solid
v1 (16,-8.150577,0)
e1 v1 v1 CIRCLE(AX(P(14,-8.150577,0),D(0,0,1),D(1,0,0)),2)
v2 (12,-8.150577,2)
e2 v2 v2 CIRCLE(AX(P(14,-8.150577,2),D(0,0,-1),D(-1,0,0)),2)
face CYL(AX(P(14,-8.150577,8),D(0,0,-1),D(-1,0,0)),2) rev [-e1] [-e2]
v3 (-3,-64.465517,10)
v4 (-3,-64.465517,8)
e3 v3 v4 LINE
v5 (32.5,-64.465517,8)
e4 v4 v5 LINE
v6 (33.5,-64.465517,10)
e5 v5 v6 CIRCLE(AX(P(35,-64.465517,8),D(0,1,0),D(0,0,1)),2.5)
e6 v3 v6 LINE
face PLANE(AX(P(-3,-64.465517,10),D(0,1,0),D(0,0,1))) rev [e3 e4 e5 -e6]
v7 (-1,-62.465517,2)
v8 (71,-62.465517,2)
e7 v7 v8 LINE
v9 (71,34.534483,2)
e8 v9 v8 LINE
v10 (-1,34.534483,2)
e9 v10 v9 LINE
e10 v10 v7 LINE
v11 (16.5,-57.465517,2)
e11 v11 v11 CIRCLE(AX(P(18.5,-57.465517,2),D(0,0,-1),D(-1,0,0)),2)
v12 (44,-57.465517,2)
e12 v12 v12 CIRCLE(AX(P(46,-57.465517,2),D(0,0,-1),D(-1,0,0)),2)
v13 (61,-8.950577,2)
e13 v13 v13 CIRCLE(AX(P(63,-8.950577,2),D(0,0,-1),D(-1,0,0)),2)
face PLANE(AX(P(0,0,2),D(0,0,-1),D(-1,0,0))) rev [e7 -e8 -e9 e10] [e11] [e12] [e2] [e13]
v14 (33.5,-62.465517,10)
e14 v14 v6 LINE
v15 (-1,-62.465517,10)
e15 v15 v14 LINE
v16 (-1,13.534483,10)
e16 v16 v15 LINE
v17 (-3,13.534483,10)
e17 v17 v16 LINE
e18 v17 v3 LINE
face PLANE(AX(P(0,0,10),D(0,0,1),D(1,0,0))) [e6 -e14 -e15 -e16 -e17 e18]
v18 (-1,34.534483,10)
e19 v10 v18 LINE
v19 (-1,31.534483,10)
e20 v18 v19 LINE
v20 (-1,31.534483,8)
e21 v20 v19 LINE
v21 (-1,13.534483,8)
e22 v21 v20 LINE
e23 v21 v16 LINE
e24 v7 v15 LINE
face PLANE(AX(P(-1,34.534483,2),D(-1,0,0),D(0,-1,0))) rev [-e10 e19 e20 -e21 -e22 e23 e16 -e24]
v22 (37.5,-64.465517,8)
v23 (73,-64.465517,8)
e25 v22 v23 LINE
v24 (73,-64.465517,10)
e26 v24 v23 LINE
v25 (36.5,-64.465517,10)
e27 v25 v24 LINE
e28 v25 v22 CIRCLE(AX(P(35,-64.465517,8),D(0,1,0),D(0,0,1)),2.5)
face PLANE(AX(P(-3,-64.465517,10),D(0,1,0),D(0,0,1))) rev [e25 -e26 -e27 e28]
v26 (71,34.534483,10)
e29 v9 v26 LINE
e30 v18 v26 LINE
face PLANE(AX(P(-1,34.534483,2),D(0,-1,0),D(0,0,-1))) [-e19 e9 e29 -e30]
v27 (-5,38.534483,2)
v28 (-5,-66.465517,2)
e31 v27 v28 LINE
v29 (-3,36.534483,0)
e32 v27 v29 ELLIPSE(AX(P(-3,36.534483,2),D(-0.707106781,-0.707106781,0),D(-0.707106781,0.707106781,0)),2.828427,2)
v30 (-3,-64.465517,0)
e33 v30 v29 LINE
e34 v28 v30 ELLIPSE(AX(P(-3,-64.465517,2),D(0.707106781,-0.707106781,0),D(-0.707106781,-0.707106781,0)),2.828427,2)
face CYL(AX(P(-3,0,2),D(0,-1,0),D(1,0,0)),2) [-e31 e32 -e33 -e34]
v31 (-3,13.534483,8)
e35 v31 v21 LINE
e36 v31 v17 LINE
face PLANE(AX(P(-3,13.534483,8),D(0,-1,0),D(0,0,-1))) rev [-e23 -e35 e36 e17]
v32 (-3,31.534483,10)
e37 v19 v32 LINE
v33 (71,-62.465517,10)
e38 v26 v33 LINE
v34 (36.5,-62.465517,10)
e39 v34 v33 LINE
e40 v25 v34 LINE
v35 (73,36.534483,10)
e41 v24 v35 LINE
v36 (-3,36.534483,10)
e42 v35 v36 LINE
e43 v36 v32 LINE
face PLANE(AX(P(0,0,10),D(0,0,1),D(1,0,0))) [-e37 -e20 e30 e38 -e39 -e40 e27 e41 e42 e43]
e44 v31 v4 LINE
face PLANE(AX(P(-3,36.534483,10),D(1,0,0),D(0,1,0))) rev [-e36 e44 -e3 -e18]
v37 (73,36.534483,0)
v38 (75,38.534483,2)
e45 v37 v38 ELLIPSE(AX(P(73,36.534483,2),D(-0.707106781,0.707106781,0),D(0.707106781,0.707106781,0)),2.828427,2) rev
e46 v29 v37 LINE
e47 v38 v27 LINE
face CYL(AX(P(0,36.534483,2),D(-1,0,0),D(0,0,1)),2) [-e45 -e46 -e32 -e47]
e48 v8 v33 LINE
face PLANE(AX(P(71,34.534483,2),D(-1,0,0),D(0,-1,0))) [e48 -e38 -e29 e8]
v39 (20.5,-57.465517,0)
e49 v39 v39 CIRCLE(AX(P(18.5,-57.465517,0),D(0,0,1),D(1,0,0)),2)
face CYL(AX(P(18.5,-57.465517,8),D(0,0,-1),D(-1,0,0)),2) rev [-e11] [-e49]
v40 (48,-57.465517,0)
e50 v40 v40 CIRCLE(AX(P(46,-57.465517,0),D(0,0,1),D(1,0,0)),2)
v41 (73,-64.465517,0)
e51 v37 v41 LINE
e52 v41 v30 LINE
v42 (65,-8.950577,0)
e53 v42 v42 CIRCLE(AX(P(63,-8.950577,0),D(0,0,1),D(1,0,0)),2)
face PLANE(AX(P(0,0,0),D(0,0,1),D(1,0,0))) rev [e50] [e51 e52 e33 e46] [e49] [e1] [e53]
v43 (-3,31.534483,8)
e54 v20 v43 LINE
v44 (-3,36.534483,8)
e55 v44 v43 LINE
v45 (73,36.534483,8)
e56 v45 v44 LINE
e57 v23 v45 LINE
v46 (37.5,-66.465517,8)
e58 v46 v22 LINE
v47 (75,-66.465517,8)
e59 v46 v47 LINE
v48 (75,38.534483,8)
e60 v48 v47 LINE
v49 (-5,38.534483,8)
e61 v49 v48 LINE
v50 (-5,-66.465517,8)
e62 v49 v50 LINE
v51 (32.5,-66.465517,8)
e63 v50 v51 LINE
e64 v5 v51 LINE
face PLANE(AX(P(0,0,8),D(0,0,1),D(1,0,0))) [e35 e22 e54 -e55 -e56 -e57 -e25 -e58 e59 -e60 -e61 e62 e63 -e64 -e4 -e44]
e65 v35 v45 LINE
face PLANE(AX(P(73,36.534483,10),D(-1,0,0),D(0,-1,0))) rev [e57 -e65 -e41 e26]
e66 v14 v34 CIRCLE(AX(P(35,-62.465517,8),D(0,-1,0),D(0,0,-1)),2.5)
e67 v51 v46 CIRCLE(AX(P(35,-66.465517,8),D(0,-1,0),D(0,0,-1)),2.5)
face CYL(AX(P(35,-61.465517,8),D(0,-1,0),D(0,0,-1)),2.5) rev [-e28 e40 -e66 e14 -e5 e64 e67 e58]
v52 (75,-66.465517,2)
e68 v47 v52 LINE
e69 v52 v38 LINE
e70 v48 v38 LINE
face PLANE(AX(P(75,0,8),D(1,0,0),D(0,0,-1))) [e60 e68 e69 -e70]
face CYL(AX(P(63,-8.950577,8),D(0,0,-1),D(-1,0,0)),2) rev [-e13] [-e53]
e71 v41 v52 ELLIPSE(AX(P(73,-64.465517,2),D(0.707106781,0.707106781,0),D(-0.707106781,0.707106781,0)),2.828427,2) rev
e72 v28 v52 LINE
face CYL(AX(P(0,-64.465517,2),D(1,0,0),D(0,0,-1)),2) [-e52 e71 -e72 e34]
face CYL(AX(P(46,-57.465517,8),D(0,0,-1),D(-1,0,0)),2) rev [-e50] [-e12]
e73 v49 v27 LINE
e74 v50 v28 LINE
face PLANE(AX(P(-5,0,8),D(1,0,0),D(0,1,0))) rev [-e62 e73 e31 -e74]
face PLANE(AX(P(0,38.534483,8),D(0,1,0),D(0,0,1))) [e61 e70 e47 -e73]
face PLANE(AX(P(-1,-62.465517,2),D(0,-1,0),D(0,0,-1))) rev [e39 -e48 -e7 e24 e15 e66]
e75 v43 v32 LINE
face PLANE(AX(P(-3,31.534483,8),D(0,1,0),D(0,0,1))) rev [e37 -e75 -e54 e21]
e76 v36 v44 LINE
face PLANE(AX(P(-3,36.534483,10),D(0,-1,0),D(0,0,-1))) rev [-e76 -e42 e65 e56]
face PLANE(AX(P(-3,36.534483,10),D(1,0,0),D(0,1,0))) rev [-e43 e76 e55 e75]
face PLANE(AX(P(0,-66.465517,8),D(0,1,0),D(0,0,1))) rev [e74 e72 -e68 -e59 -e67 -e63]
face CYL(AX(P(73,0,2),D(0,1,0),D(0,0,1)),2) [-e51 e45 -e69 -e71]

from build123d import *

# Parameters (mm, degrees)
SKETCH1_W           = 80
SKETCH1_H           = 105
SKETCH1_W_2         = 60
SKETCH1_H_2         = 71.314940153
SKETCH1_R           = 2
BOSS_EXTRUDE2_DEPTH = 8
SKETCH2_W           = 72
SKETCH2_H           = 97
CUT_EXTRUDE1_DEPTH  = 6
SKETCH3_W           = 76
SKETCH3_H           = 101
BOSS_EXTRUDE3_DEPTH = 2
SKETCH4_W           = 72
SKETCH4_H           = 97
CUT_EXTRUDE2_DEPTH  = 2
SKETCH5_R           = 2.5
CUT_EXTRUDE3_DEPTH  = 5
FILLET1_R           = 2
SKETCH6_W           = 2
SKETCH6_H           = 18
CUT_EXTRUDE4_DEPTH  = 2


with BuildPart() as part:
    # Sketch1 → Boss-Extrude2 (new body)
    # profile 1 of 2: a face of its own
    with BuildSketch(Plane.XY):
        with Locations((35, -13.965517241)):
            Rectangle(SKETCH1_W, SKETCH1_H)
        with Locations((37, -26.808047164)):
            Rectangle(SKETCH1_W_2, SKETCH1_H_2, mode=Mode.SUBTRACT)
    # profile 2 of 2: a face of its own
    with BuildSketch(Plane.XY):
        with Locations((37, -26.808047164)):
            Rectangle(SKETCH1_W_2, SKETCH1_H_2)
        with Locations((14, -8.150577088)):
            Circle(SKETCH1_R, mode=Mode.SUBTRACT)
        with Locations((18.5, -57.465517241)):
            Circle(SKETCH1_R, mode=Mode.SUBTRACT)
        with Locations((46, -57.465517241)):
            Circle(SKETCH1_R, mode=Mode.SUBTRACT)
        with Locations((63, -8.950577088)):
            Circle(SKETCH1_R, mode=Mode.SUBTRACT)
    extrude(amount=BOSS_EXTRUDE2_DEPTH)

    # Sketch2 → Cut-Extrude1 (cut)
    with BuildSketch(Plane.XY.offset(8)):
        with Locations((35, -13.965517241)):
            Rectangle(SKETCH2_W, SKETCH2_H)
    extrude(amount=-CUT_EXTRUDE1_DEPTH, mode=Mode.SUBTRACT)

    # Sketch3 → Boss-Extrude3 (add)
    with BuildSketch(Plane.XY.offset(8)):
        with Locations((35, -13.965517241)):
            Rectangle(SKETCH3_W, SKETCH3_H)
    extrude(amount=BOSS_EXTRUDE3_DEPTH)

    # Sketch4 → Cut-Extrude2 (cut)
    with BuildSketch(Plane.XY.offset(10)):
        with Locations((35, -13.965517241)):
            Rectangle(SKETCH4_W, SKETCH4_H)
    extrude(amount=-CUT_EXTRUDE2_DEPTH, mode=Mode.SUBTRACT)

    # Sketch5 → Cut-Extrude3 (cut)
    with BuildSketch(Plane(origin=(0, -66.465517241, 0), x_dir=(-1, 0, 0), z_dir=(0, -1, 0))):
        with Locations((-35, -8)):
            Circle(SKETCH5_R)
    extrude(amount=-CUT_EXTRUDE3_DEPTH, mode=Mode.SUBTRACT)

    # Fillet1
    fillet1_edges = [part.edges().sort_by_distance(p)[0] for p in [
        (35, -66.465517241, 0),
        (-5, -13.965517241, 0),
        (35, 38.534482759, 0),
        (75, -13.965517241, 0),
    ]]
    fillet(fillet1_edges, radius=FILLET1_R)

    # Sketch6 → Cut-Extrude4 (cut)
    with BuildSketch(Plane.XY.offset(10)):
        with Locations((-2, 22.534482759)):
            Rectangle(SKETCH6_W, SKETCH6_H)
    extrude(amount=-CUT_EXTRUDE4_DEPTH, mode=Mode.SUBTRACT)


solid = part.part
